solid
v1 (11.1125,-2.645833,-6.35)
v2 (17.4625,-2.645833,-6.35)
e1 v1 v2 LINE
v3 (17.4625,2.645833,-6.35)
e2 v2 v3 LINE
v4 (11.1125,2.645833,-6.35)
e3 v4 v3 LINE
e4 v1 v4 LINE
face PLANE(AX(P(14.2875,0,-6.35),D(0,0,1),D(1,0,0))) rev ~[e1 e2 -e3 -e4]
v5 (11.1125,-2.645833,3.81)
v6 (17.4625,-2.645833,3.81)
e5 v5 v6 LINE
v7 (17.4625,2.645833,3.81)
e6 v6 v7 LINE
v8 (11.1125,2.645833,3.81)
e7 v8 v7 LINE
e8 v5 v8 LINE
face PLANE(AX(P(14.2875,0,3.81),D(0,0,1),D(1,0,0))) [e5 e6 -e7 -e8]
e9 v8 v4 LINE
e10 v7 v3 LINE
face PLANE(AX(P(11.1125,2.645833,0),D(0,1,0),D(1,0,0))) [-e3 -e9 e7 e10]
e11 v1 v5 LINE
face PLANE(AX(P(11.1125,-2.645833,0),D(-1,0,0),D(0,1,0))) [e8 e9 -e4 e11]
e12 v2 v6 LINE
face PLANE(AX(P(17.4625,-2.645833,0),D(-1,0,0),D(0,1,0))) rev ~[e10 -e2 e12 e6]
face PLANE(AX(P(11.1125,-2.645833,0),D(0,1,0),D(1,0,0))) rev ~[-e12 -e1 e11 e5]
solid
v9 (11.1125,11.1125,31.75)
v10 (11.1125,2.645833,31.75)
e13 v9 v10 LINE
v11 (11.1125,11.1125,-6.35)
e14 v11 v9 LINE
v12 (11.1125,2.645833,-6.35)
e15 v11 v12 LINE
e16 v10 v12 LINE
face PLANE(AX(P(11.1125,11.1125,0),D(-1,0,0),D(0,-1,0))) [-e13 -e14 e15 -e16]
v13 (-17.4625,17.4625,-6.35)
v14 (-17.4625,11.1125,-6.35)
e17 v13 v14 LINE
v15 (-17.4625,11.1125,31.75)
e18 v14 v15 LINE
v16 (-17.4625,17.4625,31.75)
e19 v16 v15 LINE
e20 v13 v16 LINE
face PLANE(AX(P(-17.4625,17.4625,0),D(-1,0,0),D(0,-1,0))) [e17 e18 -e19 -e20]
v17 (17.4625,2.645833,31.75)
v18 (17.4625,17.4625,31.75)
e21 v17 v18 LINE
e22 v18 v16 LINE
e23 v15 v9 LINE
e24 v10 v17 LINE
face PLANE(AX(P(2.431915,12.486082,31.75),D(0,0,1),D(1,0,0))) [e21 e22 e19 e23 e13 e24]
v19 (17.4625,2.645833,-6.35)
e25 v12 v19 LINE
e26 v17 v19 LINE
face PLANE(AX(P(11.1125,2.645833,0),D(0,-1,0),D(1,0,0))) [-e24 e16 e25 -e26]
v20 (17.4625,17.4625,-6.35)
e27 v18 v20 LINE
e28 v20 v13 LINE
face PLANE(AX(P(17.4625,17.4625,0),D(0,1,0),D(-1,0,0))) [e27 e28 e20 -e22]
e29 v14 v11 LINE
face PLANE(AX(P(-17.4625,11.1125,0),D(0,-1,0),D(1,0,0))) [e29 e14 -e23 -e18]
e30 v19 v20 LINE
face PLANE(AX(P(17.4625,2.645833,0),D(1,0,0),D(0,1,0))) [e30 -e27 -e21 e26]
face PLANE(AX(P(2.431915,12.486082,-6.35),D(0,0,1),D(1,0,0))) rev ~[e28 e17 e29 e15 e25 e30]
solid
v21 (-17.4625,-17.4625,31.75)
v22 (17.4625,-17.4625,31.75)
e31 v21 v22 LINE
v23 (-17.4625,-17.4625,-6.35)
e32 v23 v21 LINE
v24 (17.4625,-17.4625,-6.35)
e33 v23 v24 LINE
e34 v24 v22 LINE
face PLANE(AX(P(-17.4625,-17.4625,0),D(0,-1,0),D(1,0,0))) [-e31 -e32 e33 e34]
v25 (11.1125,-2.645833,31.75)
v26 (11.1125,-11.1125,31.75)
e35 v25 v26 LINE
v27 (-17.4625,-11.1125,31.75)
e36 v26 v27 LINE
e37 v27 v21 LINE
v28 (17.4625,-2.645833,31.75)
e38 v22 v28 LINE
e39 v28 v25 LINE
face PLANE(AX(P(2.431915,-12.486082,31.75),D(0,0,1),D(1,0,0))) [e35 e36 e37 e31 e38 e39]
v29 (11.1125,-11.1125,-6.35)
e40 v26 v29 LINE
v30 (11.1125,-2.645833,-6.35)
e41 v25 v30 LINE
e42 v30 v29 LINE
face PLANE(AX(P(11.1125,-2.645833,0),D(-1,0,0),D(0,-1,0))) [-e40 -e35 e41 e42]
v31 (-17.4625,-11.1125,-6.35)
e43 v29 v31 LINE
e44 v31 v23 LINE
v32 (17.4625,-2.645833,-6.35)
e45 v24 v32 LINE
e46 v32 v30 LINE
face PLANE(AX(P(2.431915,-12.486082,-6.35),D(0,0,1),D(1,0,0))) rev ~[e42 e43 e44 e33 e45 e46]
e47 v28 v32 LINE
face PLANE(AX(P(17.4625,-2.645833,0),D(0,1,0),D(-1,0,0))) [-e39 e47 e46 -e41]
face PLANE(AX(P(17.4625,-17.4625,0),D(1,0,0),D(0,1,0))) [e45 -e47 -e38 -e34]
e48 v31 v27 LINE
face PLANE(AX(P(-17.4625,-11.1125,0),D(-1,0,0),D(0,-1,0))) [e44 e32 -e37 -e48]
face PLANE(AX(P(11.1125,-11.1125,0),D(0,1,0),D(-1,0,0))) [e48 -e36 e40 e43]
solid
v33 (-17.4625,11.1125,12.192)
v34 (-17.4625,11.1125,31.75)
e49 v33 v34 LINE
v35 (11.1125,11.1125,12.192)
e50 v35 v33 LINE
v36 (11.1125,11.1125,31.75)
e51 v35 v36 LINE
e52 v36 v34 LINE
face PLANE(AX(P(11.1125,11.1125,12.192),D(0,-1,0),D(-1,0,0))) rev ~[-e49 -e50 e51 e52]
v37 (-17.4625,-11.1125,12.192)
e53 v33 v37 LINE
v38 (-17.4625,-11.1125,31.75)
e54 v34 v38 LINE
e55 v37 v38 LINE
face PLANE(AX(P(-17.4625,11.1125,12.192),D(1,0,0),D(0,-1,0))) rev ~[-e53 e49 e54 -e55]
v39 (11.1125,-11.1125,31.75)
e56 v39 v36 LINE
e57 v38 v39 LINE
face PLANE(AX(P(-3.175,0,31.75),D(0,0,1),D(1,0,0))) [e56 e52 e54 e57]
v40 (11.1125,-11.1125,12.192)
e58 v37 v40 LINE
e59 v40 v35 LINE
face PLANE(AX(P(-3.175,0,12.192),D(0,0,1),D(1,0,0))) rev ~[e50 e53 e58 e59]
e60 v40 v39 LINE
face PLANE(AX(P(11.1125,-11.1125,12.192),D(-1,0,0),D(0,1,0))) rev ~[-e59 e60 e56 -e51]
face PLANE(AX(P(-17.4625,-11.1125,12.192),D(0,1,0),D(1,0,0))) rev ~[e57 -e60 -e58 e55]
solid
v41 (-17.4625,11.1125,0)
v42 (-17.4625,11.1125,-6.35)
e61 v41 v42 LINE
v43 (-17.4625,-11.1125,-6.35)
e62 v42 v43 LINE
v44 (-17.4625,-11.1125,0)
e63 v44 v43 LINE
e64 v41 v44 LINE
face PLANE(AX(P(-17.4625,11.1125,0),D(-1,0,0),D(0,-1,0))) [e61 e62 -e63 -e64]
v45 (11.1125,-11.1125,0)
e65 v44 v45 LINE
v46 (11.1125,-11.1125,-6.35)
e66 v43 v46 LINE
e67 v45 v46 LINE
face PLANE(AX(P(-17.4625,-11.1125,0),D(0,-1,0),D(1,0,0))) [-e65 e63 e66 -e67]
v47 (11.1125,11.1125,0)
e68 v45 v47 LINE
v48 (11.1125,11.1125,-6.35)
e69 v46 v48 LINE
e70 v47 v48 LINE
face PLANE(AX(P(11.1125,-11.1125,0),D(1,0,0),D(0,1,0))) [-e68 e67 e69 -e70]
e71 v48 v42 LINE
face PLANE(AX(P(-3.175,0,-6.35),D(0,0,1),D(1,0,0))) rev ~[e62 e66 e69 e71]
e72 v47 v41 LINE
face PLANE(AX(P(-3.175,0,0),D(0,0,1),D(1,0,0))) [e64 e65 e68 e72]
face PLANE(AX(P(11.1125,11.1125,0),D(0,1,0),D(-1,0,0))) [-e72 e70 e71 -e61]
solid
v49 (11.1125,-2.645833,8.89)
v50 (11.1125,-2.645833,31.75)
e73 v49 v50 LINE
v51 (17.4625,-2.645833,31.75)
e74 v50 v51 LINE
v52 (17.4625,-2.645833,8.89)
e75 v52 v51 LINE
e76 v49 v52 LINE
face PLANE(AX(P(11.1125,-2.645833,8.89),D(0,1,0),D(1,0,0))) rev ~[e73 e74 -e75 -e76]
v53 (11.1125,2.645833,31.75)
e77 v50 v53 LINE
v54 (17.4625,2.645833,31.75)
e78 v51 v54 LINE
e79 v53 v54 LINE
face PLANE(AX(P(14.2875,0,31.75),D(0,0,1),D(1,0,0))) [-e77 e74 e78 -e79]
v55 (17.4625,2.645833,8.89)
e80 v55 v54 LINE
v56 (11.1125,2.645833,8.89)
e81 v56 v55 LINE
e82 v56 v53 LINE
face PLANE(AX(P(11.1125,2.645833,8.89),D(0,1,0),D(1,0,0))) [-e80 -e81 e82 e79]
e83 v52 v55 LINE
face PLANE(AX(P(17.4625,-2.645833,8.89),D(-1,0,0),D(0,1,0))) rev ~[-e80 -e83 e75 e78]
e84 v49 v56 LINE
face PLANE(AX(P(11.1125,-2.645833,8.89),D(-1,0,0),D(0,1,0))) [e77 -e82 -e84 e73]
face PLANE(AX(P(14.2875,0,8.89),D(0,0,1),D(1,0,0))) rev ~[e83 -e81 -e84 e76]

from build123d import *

# Parameters (mm, degrees)
F1_START      = 12.192
F1_DEPTH      = 19.558
F2_DEPTH      = 6.35
F3_DEPTH      = 31.75
F3_DEPTH_BACK = 6.35
F0_W          = 6.35
F0_H          = 5.2916666667
F4_DEPTH      = 6.35
F4_DEPTH_BACK = 3.81
F5_START      = 8.89
F5_DEPTH      = 22.86


with BuildPart() as f1:
    # F0 (on Top) → F1 (new body)
    with BuildSketch(Plane.XY.offset(F1_START)):
        Polygon((11.1125, 11.1125), (-17.4625, 11.1125), (-17.4625, -11.1125), (11.1125, -11.1125), (11.1125, -2.6458333333), (11.1125, 2.6458333333), align=None)
    extrude(amount=F1_DEPTH)


with BuildPart() as f2:
    # F0 (on Top) → F2 (new body)
    with BuildSketch(Plane.XY):
        Polygon((11.1125, 11.1125), (-17.4625, 11.1125), (-17.4625, -11.1125), (11.1125, -11.1125), (11.1125, -2.6458333333), (11.1125, 2.6458333333), align=None)
    extrude(amount=-F2_DEPTH)


with BuildPart() as f3:
    # F0 (on Top) → F3 (new body, two sides)
    with BuildSketch(Plane.XY) as f3_sk:
        Polygon((17.4625, 17.4625), (-17.4625, 17.4625), (-17.4625, 11.1125), (11.1125, 11.1125), (11.1125, 2.6458333333), (17.4625, 2.6458333333), align=None)
    extrude(amount=F3_DEPTH)
    extrude(f3_sk.sketch, amount=-F3_DEPTH_BACK)


with BuildPart() as f3b:
    # F0 (on Top) → F3, piece 2 (new body, two sides)
    with BuildSketch(Plane.XY) as f3_2_sk:
        Polygon((11.1125, -11.1125), (-17.4625, -11.1125), (-17.4625, -17.4625), (17.4625, -17.4625), (17.4625, -2.6458333333), (11.1125, -2.6458333333), align=None)
    extrude(amount=F3_DEPTH)
    extrude(f3_2_sk.sketch, amount=-F3_DEPTH_BACK)


with BuildPart() as f4:
    # F0 (on Top) → F4 (new body, two sides)
    with BuildSketch(Plane.XY) as f4_sk:
        with Locations((14.2875, 0)):
            Rectangle(F0_W, F0_H)
    extrude(amount=-F4_DEPTH)
    extrude(f4_sk.sketch, amount=F4_DEPTH_BACK)


with BuildPart() as f5:
    # F0 (on Top) → F5 (new body)
    with BuildSketch(Plane.XY.offset(F5_START)):
        with Locations((14.2875, 0)):
            Rectangle(F0_W, F0_H)
    extrude(amount=F5_DEPTH)


solid = Compound([f1.part, f2.part, f3.part, f3b.part, f4.part, f5.part])
